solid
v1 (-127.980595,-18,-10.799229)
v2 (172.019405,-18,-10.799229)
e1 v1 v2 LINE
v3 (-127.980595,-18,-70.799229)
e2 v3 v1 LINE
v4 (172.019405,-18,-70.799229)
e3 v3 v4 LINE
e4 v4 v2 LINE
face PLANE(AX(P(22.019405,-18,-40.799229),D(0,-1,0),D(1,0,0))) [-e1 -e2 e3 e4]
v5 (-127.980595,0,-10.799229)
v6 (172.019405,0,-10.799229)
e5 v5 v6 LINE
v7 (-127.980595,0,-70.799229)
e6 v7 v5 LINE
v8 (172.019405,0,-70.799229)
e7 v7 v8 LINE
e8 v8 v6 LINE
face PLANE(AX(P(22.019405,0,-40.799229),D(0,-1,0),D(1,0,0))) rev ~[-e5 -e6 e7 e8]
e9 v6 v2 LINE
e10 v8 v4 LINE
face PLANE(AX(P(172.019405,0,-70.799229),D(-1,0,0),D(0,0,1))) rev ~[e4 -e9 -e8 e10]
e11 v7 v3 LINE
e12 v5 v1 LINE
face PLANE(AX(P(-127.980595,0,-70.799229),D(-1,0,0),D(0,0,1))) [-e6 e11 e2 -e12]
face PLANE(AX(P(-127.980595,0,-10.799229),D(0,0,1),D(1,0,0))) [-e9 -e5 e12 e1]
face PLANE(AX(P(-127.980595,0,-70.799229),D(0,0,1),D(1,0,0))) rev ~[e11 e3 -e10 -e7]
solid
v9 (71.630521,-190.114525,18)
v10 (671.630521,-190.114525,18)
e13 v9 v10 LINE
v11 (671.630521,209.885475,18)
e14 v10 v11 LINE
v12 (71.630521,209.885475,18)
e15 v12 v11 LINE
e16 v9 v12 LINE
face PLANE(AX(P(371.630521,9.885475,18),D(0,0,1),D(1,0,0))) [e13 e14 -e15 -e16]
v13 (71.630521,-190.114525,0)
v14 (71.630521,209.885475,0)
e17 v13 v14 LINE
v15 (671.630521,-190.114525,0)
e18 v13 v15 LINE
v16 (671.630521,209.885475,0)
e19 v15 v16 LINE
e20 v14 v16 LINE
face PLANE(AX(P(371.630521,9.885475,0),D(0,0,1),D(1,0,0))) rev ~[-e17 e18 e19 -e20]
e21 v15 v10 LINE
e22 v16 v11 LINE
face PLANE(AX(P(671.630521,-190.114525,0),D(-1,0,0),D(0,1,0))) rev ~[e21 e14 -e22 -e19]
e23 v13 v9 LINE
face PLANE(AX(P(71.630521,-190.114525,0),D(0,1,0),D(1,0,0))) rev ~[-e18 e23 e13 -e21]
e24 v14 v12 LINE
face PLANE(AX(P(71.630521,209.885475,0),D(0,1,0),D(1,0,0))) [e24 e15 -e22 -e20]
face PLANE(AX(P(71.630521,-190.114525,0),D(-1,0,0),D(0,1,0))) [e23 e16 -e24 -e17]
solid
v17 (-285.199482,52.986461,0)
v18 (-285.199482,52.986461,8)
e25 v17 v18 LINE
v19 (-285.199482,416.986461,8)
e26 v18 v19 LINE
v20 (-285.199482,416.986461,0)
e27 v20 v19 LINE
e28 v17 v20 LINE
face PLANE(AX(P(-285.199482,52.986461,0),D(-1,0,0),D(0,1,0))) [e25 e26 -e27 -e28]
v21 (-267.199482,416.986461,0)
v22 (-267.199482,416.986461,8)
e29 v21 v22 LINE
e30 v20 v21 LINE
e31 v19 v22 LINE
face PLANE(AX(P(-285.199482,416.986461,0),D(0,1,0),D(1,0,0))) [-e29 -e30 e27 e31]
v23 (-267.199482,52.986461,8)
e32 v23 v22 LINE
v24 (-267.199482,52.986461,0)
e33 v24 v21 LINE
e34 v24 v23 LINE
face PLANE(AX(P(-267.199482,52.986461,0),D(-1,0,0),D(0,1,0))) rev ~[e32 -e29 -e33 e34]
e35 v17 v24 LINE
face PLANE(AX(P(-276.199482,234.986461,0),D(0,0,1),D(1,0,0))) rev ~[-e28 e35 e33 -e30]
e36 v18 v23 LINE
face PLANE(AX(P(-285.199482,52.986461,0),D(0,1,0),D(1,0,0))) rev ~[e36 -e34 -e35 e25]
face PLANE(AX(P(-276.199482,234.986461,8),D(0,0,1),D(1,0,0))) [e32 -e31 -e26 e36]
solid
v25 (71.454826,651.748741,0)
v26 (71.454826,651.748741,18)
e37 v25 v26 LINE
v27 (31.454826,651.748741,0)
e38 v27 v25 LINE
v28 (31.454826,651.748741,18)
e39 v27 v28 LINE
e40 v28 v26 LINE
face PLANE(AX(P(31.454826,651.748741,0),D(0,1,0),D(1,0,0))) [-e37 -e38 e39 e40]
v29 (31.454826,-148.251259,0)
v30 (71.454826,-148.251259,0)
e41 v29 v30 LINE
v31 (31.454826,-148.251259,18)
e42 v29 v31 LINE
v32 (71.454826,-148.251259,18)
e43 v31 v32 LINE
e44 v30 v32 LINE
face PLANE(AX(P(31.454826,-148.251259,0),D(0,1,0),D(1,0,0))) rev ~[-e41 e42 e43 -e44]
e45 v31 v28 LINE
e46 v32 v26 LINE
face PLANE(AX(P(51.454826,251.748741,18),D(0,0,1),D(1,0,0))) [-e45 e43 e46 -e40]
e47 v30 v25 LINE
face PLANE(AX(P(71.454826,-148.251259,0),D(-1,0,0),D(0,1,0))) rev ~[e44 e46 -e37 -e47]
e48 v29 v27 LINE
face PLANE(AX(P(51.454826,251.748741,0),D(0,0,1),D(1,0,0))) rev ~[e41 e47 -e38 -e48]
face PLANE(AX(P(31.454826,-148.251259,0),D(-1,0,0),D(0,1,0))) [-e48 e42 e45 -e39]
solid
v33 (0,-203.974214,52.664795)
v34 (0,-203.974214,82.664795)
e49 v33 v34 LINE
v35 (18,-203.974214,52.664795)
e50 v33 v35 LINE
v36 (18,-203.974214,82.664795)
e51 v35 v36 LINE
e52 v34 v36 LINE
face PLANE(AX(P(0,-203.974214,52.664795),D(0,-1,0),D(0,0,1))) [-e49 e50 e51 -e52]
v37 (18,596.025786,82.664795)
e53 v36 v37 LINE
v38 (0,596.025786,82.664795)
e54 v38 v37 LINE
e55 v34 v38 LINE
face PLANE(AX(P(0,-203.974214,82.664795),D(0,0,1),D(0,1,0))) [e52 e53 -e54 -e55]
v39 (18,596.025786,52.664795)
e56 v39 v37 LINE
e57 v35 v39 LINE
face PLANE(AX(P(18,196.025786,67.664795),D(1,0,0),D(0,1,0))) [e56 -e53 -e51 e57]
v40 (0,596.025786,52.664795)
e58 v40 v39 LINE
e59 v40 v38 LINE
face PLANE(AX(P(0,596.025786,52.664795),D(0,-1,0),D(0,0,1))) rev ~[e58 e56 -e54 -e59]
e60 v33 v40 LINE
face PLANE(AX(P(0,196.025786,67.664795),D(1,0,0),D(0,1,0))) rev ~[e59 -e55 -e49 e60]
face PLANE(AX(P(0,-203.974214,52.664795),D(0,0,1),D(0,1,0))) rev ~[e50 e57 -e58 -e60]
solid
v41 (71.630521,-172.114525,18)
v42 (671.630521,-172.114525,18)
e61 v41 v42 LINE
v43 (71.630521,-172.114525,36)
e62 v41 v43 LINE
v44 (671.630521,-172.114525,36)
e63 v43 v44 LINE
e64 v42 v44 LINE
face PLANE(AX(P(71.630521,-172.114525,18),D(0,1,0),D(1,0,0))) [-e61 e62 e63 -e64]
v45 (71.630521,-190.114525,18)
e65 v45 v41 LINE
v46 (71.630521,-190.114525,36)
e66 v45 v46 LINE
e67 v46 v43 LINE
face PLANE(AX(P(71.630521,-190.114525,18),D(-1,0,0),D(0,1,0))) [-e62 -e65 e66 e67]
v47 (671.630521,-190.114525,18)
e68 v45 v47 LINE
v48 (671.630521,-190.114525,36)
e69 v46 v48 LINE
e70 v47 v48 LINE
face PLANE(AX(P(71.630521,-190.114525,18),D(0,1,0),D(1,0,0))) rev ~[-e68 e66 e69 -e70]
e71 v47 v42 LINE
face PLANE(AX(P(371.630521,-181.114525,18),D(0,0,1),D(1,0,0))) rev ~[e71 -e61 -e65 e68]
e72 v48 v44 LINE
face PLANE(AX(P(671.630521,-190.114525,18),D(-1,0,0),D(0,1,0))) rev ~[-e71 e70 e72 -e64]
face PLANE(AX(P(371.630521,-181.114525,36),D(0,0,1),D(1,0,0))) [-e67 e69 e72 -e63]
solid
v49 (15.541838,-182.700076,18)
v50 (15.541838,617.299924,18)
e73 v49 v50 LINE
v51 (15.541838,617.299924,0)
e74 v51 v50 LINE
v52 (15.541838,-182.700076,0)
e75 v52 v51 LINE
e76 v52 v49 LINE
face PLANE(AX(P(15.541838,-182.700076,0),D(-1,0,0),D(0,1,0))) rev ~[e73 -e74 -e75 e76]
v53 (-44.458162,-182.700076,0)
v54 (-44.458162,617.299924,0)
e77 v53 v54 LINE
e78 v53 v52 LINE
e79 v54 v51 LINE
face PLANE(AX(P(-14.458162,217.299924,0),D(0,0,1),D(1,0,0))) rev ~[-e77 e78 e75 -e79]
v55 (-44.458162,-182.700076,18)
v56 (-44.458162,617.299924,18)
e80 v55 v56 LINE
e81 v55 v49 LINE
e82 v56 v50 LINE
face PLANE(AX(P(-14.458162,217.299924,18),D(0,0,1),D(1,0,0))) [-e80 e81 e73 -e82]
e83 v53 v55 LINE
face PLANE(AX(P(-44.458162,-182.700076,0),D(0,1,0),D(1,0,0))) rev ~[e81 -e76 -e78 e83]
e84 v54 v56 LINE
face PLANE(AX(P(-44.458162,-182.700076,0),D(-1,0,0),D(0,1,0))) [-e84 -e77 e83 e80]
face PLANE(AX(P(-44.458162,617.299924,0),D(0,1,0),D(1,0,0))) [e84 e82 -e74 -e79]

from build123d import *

# Parameters (mm, degrees)
F0_W      = 60
F0_H      = 800
F1_DEPTH  = 18
F2_W      = 40
F2_H      = 800
F3_DEPTH  = 18
F4_W      = 800
F4_H      = 30
F5_DEPTH  = 18
F6_W      = 300
F6_H      = 60
F7_DEPTH  = 18
F8_W      = 600
F8_H      = 400
F9_DEPTH  = 18
F10_W     = 600
F10_H     = 18
F11_DEPTH = 18
F12_W     = 18
F12_H     = 364
F13_DEPTH = 8


with BuildPart() as f1:
    # F0 (on Top) → F1 (new body)
    with BuildSketch(Plane.XY):
        with Locations((-14.458162, 217.299924)):
            Rectangle(F0_W, F0_H)
    extrude(amount=F1_DEPTH)


with BuildPart() as f3:
    # F2 (on Top) → F3 (new body)
    with BuildSketch(Plane.XY):
        with Locations((51.454826, 251.748741)):
            Rectangle(F2_W, F2_H)
    extrude(amount=F3_DEPTH)


with BuildPart() as f5:
    # F4 (on Right) → F5 (new body)
    with BuildSketch(Plane.YZ):
        with Locations((196.025786, 67.664795)):
            Rectangle(F4_W, F4_H)
    extrude(amount=F5_DEPTH)


with BuildPart() as f7:
    # F6 (on Front) → F7 (new body)
    with BuildSketch(Plane.XZ):
        with Locations((22.019405, -40.799229)):
            Rectangle(F6_W, F6_H)
    extrude(amount=F7_DEPTH)


with BuildPart() as f9:
    # F8 (on Top) → F9 (new body)
    with BuildSketch(Plane.XY):
        with Locations((371.630521, 9.885475)):
            Rectangle(F8_W, F8_H)
    extrude(amount=F9_DEPTH)


with BuildPart() as f11:
    # F10 (on face) → F11 (new body)
    with BuildSketch(Plane.XY.offset(18)):
        with Locations((371.630521, -181.114525)):
            Rectangle(F10_W, F10_H)
    extrude(amount=F11_DEPTH)


with BuildPart() as f13:
    # F12 (on Top) → F13 (new body)
    with BuildSketch(Plane.XY):
        with Locations((-276.199482, 234.986461)):
            Rectangle(F12_W, F12_H)
    extrude(amount=F13_DEPTH)


solid = Compound([f1.part, f3.part, f5.part, f7.part, f9.part, f11.part, f13.part])
